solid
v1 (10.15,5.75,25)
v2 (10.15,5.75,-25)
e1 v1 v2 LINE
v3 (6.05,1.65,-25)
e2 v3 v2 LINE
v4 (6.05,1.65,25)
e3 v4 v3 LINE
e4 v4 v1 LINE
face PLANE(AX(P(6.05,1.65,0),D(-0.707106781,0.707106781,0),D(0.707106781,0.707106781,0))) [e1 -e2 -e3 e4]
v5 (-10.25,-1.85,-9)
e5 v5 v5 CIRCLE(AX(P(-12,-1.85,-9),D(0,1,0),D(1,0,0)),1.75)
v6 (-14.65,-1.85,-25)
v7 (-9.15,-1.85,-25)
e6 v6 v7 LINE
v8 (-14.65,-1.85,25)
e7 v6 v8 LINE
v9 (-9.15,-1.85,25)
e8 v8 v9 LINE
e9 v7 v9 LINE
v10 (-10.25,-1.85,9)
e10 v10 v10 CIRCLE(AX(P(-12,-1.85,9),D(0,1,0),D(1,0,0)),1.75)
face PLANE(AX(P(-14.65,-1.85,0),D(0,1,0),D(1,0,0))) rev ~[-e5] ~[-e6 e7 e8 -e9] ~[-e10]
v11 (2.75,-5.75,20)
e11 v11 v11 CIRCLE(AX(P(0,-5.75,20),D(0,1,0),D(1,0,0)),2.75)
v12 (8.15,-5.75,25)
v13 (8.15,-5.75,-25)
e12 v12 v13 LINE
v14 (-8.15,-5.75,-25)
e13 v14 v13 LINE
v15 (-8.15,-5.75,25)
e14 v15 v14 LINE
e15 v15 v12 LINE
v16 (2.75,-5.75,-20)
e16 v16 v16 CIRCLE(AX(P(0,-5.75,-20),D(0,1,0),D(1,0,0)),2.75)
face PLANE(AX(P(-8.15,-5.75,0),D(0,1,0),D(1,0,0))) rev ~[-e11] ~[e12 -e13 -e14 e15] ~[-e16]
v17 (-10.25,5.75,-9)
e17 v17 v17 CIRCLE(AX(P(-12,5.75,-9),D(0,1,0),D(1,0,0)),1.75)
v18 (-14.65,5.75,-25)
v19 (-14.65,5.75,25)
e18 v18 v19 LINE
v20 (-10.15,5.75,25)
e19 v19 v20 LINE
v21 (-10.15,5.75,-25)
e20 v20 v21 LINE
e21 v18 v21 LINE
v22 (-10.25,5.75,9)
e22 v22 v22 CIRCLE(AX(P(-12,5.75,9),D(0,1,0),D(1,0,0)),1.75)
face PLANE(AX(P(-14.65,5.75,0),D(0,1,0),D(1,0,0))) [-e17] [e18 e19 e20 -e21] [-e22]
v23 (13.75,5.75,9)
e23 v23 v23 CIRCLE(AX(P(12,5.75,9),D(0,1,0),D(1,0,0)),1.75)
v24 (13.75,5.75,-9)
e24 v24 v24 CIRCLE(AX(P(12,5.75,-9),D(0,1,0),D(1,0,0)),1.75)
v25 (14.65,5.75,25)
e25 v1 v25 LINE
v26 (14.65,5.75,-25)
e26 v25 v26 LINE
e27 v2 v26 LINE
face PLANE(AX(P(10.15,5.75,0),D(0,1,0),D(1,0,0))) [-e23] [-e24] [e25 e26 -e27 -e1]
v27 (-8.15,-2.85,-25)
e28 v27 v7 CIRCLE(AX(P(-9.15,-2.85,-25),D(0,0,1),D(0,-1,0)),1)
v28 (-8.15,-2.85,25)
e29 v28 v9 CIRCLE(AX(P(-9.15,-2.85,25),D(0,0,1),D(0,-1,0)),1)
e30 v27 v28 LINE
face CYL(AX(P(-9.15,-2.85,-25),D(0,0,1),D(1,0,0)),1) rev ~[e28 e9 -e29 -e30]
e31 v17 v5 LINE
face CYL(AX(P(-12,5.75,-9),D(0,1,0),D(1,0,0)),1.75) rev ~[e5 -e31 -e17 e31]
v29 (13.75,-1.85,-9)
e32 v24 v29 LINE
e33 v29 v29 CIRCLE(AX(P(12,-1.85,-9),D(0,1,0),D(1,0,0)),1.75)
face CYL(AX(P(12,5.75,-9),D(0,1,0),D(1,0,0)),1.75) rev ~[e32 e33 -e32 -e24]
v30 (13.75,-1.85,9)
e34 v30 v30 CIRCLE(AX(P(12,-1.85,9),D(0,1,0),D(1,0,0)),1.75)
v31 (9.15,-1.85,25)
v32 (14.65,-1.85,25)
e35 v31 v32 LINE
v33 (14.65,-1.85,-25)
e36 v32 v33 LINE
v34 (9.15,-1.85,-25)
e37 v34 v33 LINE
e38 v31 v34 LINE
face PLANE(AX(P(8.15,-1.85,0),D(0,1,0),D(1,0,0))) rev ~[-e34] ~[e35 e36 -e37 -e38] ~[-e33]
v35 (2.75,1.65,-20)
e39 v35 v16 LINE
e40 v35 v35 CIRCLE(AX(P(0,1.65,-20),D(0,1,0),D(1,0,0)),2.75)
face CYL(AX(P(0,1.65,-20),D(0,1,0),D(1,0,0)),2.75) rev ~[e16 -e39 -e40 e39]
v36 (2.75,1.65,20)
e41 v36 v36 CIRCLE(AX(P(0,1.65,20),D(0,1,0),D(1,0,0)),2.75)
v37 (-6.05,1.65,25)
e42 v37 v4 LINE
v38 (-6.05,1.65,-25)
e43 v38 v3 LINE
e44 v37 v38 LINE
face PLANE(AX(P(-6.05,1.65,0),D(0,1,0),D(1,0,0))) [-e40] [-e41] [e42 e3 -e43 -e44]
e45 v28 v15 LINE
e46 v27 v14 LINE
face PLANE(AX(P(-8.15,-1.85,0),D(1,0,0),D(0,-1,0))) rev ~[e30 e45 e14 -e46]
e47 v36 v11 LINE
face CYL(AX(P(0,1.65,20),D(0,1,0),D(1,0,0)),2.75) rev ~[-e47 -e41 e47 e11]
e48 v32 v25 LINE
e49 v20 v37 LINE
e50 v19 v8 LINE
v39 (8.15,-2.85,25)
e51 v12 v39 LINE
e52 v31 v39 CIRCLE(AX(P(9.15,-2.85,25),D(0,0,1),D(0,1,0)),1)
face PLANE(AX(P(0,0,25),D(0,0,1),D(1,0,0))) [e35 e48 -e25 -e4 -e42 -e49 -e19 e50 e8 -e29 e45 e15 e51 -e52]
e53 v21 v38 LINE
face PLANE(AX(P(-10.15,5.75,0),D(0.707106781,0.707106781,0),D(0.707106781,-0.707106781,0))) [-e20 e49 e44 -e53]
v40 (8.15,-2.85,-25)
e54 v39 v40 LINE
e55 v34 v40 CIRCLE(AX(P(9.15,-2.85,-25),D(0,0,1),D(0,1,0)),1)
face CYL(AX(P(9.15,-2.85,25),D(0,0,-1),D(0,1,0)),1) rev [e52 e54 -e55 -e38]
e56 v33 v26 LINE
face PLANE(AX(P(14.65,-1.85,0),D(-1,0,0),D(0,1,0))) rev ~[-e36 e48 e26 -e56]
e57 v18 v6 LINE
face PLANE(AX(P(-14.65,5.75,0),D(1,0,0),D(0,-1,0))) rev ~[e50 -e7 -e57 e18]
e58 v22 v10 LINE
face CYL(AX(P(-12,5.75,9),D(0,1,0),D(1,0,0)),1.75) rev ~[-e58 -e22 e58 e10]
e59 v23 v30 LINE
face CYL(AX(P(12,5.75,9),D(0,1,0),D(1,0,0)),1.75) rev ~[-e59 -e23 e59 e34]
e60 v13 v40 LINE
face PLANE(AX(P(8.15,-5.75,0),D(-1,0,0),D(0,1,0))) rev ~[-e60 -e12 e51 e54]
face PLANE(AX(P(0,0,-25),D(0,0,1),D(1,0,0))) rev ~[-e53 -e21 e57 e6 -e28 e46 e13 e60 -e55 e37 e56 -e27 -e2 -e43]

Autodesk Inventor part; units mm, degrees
ref_plane "YZ Plane" through (0, 0, 0) normal (1, 0, 0) x (0, 1, 0)
ref_plane "XZ Plane" through (0, 0, 0) normal (0, 1, 0) x (-1, 0, 0)
ref_plane "XY Plane" through (0, 0, 0) normal (0, 0, 1) x (1, 0, 0)
sketch "Sketch1" plane through (0, 0, 0) normal (0, 0, 1) x (1, 0, 0)
  line L0 (-14.65, 5.75) -> (-10.15, 5.75)
  line L1 (-10.15, 5.75) -> (-6.05, 1.65)
  line L2 (-6.05, 1.65) -> (6.05, 1.65)
  line L3 (6.05, 1.65) -> (10.15, 5.75)
  line L4 (10.15, 5.75) -> (14.65, 5.75)
  line L5 (-14.65, 5.75) -> (-14.65, -1.85)
  line L6 (-14.65, -1.85) -> (-8.15, -1.85)
  line L7 (-8.15, -1.85) -> (-8.15, -5.75)
  line L8 (-8.15, -5.75) -> (8.15, -5.75)
  line L9 (8.15, -5.75) -> (8.15, -1.85)
  line L10 (8.15, -1.85) -> (14.65, -1.85)
  line L11 (14.65, -1.85) -> (14.65, 5.75)
  line L12 (0, -5.75) -> (0, 5.75) construction
  point P0 (0, 0)
  point P1 (0, 0)
  dimension "d0" = 12.1
  dimension "d1" = 4.5
  dimension "d2" = 135
  dimension "d3" = 7.6
  dimension "d4" = 6.5
  dimension "d6" = 4.1
  dimension "d29" = 11.5
extrude "Extrusion1" add sketch "Sketch1" along normal mid plane 50
sketch "Sketch2" plane through (-14.65, 5.75, 25) normal (0, 1, 0) x (1, 0, 0)
  circle A0 centre (2.65, 34) radius 1.75
  line L0 (-5.86, 25) -> (35.16, 25) projected
  line L1 (14.65, 60) -> (14.65, -10) projected
  circle A1 centre (26.65, 34) radius 1.75
  circle A2 centre (2.65, 16) radius 1.75
  circle A3 centre (26.65, 16) radius 1.75
  line L2 (2.65, 16) -> (26.65, 16) construction
  line L3 (26.65, 16) -> (26.65, 34) construction
  line L4 (26.65, 34) -> (2.65, 34) construction
  line L5 (2.65, 34) -> (2.65, 16) construction
  point P0 (14.65, 25)
  point P1 (2.65, 25)
  point P2 (14.65, 34)
  dimension "d11" = 24
  dimension "d14" = 18
  dimension "d17" = 3.5
extrude "Extrusion2" cut sketch "Sketch2" against normal through all
sketch "Sketch3" plane through (-6.05, 1.65, 25) normal (0, 1, 0) x (1, 0, 0)
  circle A0 centre (6.05, 45) radius 2.75
  circle A1 centre (6.05, 5) radius 2.75
  line L0 (6.05, 5) -> (6.05, 45) construction
  line L1 (1.7705, 10) -> (10.3295, 10)
  line L2 (10.3295, 10) -> (10.3295, 40)
  line L3 (10.3295, 40) -> (1.7705, 40)
  line L4 (1.7705, 40) -> (1.7705, 10)
  line L5 (1.7705, 10) -> (10.3295, 40) construction
  line L6 (10.3295, 10) -> (1.7705, 40) construction
  circle A2 centre (6.05, 45) radius 4.25 construction
  point P0 (6.05, 25)
  point P1 (6.05, 25)
  dimension "d21" = 5.5
  dimension "d23" = 40
  dimension "d24" = 30
  dimension "d25" = 8.5
extrude "Extrusion3" cut sketch "Sketch3" against normal through all contours A0 | A1
fillet "Fillet2" radius 1 2 edges at (8.15, -1.85, 0) (-8.15, -1.85, 0)
properties part number "Acople_rodamiento_lineal"
